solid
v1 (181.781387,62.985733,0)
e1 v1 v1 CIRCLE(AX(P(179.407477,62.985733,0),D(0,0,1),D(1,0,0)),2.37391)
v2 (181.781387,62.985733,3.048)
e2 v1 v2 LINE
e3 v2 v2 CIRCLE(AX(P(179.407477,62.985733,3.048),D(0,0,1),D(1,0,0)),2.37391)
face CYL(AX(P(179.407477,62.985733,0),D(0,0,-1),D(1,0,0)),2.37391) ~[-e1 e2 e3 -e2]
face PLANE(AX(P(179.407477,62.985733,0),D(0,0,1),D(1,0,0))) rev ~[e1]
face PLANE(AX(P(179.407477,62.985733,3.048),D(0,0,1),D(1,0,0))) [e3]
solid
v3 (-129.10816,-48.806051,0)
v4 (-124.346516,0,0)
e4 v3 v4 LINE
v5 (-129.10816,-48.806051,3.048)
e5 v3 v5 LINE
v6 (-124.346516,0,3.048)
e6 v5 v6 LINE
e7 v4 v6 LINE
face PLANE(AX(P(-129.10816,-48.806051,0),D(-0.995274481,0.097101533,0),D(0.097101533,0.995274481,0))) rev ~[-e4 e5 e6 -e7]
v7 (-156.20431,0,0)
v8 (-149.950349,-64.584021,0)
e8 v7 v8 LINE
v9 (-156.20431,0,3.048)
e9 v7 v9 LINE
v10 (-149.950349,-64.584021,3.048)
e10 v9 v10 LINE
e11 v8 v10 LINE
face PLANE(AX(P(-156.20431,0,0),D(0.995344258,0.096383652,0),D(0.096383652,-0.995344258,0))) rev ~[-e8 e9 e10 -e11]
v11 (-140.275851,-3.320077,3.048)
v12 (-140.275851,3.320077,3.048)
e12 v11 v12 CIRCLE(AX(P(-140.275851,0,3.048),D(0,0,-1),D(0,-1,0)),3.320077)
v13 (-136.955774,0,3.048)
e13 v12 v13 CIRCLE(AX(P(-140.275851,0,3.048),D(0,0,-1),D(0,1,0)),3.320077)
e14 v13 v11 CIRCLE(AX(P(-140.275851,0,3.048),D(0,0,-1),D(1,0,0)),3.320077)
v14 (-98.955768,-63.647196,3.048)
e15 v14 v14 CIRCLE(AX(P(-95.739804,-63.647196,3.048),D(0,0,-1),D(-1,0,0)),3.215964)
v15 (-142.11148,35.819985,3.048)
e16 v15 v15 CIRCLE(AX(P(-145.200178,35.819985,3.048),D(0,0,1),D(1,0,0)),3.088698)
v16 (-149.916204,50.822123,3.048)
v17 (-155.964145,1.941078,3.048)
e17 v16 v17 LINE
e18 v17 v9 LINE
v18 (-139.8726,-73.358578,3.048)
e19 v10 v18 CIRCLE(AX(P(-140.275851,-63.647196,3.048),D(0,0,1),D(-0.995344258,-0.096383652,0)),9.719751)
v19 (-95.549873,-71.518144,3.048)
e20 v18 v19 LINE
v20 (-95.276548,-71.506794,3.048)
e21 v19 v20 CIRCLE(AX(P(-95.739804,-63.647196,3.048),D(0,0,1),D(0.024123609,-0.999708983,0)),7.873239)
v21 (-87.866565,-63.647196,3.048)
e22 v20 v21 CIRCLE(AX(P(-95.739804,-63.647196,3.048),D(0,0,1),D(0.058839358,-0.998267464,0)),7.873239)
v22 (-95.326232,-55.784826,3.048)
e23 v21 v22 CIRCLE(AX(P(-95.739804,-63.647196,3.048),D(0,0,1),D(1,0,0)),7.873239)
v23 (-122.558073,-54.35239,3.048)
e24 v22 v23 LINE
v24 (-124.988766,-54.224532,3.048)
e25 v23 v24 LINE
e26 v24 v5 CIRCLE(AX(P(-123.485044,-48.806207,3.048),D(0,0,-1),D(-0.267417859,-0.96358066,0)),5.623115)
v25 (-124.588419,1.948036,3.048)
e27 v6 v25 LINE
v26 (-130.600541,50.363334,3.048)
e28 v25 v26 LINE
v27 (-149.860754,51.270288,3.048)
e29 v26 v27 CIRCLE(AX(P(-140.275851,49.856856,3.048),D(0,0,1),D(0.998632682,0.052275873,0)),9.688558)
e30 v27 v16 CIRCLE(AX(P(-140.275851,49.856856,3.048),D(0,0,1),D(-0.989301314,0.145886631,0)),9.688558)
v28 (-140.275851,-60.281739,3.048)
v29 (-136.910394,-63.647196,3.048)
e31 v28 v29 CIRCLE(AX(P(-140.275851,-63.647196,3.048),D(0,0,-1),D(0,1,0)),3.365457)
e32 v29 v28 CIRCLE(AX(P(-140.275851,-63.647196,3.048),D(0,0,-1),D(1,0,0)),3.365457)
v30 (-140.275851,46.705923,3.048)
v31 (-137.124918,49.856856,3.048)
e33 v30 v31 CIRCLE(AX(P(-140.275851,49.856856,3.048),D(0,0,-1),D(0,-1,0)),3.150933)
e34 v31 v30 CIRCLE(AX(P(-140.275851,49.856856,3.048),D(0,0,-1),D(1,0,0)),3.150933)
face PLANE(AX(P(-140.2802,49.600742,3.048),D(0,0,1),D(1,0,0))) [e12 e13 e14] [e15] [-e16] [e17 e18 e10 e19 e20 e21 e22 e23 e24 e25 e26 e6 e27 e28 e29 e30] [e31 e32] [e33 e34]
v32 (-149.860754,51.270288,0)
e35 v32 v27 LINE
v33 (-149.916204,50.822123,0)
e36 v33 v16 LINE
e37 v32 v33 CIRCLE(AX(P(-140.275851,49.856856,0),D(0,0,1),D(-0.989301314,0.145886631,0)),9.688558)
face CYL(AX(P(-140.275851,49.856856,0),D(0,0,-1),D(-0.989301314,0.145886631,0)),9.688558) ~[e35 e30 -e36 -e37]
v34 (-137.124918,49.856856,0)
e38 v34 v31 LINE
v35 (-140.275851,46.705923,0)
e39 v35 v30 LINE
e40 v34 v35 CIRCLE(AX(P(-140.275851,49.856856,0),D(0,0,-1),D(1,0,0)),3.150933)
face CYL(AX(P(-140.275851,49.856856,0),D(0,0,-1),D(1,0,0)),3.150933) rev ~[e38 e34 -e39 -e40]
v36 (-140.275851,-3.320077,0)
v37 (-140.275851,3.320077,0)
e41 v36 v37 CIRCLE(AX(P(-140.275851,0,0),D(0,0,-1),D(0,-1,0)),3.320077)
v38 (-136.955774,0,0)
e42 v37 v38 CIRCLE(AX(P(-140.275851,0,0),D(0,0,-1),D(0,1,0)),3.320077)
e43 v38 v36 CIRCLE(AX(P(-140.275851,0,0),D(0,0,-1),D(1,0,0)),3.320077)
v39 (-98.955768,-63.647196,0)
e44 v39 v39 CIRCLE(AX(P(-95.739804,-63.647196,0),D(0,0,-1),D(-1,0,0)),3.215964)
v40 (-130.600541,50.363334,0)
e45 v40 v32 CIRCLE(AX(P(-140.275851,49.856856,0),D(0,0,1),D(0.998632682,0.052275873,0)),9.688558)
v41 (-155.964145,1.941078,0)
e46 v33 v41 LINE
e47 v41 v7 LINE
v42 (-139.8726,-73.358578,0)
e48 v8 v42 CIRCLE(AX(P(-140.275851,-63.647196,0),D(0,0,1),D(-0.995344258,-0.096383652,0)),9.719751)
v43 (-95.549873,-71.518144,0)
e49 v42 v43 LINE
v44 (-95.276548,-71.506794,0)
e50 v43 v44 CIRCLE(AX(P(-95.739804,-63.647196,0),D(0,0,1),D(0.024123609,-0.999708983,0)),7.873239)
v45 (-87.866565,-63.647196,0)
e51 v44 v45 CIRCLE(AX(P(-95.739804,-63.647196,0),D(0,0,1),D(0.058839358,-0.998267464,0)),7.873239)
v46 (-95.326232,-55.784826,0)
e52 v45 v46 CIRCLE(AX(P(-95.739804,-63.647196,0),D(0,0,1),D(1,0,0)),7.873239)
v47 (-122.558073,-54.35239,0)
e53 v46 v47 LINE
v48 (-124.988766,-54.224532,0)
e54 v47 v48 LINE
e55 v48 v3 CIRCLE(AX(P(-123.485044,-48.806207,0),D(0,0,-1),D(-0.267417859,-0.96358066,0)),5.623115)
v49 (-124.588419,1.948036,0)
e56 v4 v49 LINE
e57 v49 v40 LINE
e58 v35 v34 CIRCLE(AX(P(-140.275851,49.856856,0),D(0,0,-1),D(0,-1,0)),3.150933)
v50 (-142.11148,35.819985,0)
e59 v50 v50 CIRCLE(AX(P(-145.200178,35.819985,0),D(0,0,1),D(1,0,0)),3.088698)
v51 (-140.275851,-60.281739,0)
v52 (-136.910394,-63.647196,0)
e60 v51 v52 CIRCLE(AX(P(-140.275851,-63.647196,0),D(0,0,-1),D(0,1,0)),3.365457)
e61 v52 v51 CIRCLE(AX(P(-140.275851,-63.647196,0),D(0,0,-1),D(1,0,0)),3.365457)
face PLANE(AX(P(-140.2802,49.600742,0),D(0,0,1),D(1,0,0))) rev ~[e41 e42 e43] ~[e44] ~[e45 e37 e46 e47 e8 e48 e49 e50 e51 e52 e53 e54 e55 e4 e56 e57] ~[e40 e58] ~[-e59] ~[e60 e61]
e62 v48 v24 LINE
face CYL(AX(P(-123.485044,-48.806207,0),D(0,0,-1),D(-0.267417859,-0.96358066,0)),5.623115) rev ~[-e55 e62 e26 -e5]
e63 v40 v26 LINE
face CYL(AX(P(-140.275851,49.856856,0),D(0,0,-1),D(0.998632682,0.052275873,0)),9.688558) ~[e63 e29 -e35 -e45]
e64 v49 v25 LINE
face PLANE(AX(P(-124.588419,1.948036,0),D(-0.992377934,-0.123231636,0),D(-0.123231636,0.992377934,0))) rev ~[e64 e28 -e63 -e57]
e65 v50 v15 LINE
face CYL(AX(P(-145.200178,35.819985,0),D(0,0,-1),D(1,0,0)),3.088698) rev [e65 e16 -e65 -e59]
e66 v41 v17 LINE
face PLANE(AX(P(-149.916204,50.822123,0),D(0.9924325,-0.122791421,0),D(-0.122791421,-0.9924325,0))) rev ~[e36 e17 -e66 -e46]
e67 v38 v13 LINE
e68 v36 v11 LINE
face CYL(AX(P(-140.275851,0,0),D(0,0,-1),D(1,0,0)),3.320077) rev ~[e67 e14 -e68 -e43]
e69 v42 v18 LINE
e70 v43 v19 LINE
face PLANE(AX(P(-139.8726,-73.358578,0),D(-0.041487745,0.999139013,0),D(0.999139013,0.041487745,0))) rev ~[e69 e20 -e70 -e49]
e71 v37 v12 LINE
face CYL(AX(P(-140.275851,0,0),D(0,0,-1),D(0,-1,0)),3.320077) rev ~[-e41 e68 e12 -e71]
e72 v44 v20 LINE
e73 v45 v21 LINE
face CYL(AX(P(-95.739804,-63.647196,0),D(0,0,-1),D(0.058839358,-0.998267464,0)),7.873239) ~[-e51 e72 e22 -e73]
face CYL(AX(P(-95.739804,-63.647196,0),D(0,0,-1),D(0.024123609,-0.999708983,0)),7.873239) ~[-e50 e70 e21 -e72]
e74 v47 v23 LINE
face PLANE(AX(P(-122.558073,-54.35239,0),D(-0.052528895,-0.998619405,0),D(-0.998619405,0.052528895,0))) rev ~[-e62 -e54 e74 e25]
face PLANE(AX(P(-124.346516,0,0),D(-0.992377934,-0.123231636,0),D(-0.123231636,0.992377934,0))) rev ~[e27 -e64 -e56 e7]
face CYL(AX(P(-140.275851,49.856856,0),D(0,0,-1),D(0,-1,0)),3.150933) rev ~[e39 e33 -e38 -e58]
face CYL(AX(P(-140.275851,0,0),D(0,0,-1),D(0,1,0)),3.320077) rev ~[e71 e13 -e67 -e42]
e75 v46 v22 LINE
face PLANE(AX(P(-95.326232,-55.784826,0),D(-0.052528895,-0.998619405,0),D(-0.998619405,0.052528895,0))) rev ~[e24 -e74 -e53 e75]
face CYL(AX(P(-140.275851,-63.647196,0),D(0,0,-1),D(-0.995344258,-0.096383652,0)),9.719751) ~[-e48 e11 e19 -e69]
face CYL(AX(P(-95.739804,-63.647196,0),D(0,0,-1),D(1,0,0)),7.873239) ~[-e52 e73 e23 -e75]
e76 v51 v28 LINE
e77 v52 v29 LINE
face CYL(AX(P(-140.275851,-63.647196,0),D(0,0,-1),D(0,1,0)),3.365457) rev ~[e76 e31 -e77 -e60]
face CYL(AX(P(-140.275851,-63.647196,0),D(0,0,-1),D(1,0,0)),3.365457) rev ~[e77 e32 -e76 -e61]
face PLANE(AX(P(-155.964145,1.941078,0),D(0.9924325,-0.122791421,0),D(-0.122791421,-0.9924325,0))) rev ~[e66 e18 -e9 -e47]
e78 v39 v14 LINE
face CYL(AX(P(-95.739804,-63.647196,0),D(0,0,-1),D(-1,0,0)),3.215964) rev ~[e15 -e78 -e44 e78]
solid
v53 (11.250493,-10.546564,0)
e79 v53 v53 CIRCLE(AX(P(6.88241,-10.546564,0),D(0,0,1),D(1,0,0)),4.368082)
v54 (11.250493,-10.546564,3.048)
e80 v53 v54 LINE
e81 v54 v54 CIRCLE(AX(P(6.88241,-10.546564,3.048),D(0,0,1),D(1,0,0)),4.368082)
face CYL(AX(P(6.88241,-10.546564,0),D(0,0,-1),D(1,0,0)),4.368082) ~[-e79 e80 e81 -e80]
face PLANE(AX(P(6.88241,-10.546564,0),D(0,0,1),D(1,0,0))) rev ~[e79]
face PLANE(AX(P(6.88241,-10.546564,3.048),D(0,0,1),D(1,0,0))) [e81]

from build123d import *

# Parameters (mm, degrees)
F0_R     = 3.0886982289
F1_DEPTH = 3.048
F0_R_2   = 2.3739096922
F0_R_3   = 4.3680824595


with BuildPart() as f1:
    # F0 (on Top) → F1 (new body)
    with BuildSketch(Plane.XY):
        with BuildLine():
            ThreePointArc((-140.2758508921, 40.1682988362), (-133.4250060926, 43.0060116659), (-130.587293263, 49.8568564653))
            ThreePointArc((-130.587293263, 49.8568564653), (-130.5906056645, 50.1101819761), (-130.6005406042, 50.363334269))
            ThreePointArc((-130.6005406042, 50.363334269), (-139.8201268297, 59.5346901337), (-149.8607536893, 51.2702875036))
            Line((-149.8607536893, 51.2702875036), (-149.9162041011, 50.8221227176))
            ThreePointArc((-149.9162041011, 50.8221227176), (-147.4598674095, 43.3562368326), (-140.2758508921, 40.1682988362))
        make_face()
        with BuildLine():
            ThreePointArc((-137.1249175173, 49.8568564653), (-138.0478045357, 47.628810109), (-140.2758508921, 46.7059230906))
            ThreePointArc((-140.2758508921, 46.7059230906), (-142.5038972484, 52.0849028217), (-137.1249175173, 49.8568564653))
        make_face(mode=Mode.SUBTRACT)
        with BuildLine():
            ThreePointArc((-130.6005406042, 50.363334269), (-130.5906056645, 50.1101819761), (-130.587293263, 49.8568564653))
            ThreePointArc((-130.587293263, 49.8568564653), (-133.4250060926, 43.0060116659), (-140.2758508921, 40.1682988362))
            Line((-140.2758508921, 40.1682988362), (-140.2758508921, 15.8079204882))
            ThreePointArc((-140.2758508921, 15.8079204882), (-129.8093341247, 11.8466187969), (-124.5884194722, 1.9480363467))
            Line((-124.5884194722, 1.9480363467), (-130.6005406042, 50.363334269))
        make_face()
        with BuildLine():
            Line((-140.2758508921, 15.8079204882), (-140.2758508921, 40.1682988362))
            ThreePointArc((-140.2758508921, 40.1682988362), (-147.4598674095, 43.3562368326), (-149.9162041011, 50.8221227176))
            Line((-149.9162041011, 50.8221227176), (-155.9641448625, 1.9410776537))
            ThreePointArc((-155.9641448625, 1.9410776537), (-150.7449948148, 11.8442971799), (-140.2758508921, 15.8079204882))
        make_face()
        with Locations((-145.2001780272, 35.8199849725)):
            Circle(F0_R, mode=Mode.SUBTRACT)
        with BuildLine():
            Line((-149.9162041011, 50.8221227176), (-149.8607536893, 51.2702875036))
            ThreePointArc((-149.8607536893, 51.2702875036), (-149.891090361, 51.0465282213), (-149.9162041011, 50.8221227176))
        make_face()
        with BuildLine():
            Line((-124.3465159626, 0), (-124.5884194722, 1.9480363467))
            ThreePointArc((-124.5884194722, 1.9480363467), (-124.498081425, 0.9758795038), (-124.4679304039, 0))
            ThreePointArc((-124.4679304039, 0), (-129.0979631184, -11.1778877737), (-140.2758508921, -15.8079204882))
            Line((-140.2758508921, -15.8079204882), (-140.2758508921, -53.9274445312))
            ThreePointArc((-140.2758508921, -53.9274445312), (-133.4029489314, -56.7742937362), (-130.5560997264, -63.6471956968))
            Line((-130.5560997264, -63.6471956968), (-103.61304343, -63.6471956968))
            ThreePointArc((-103.61304343, -63.6471956968), (-101.1588327279, -57.9356262325), (-95.3262316546, -55.784826233))
            Line((-95.3262316546, -55.784826233), (-122.5580726915, -54.3523901093))
            ThreePointArc((-122.5580726915, -54.3523901093), (-123.7804203944, -54.4215588639), (-124.9887658024, -54.2245319666))
            ThreePointArc((-124.9887658024, -54.2245319666), (-127.961419377, -52.2093659514), (-129.1081595947, -48.8060513587))
            ThreePointArc((-129.1081595947, -48.8060513587), (-129.0815874585, -48.2601937732), (-129.0021522356, -47.7194936462))
            Line((-129.0021522356, -47.7194936462), (-124.3465159626, 0))
        make_face()
        with BuildLine():
            ThreePointArc((-124.4679304039, 0), (-124.498081425, 0.9758795038), (-124.5884194722, 1.9480363467))
            ThreePointArc((-124.5884194722, 1.9480363467), (-129.8093341247, 11.8466187969), (-140.2758508921, 15.8079204882))
            Line((-140.2758508921, 15.8079204882), (-140.2758508921, 3.3200765481))
            ThreePointArc((-140.2758508921, 3.3200765481), (-137.9282022508, 2.3476486413), (-136.9557743439, 0))
            ThreePointArc((-136.9557743439, 0), (-137.9282022508, -2.3476486413), (-140.2758508921, -3.3200765481))
            Line((-140.2758508921, -3.3200765481), (-140.2758508921, -15.8079204882))
            ThreePointArc((-140.2758508921, -15.8079204882), (-129.0979631184, -11.1778877737), (-124.4679304039, 0))
        make_face()
        with BuildLine():
            Line((-140.2758508921, 3.3200765481), (-140.2758508921, 15.8079204882))
            ThreePointArc((-140.2758508921, 15.8079204882), (-150.7449948148, 11.8442971799), (-155.9641448625, 1.9410776537))
            ThreePointArc((-155.9641448625, 1.9410776537), (-152.120148072, -10.4691439228), (-140.2758508921, -15.8079204882))
            Line((-140.2758508921, -15.8079204882), (-140.2758508921, -3.3200765481))
            ThreePointArc((-140.2758508921, -3.3200765481), (-143.5959274402, 0), (-140.2758508921, 3.3200765481))
        make_face()
        with BuildLine():
            ThreePointArc((-140.2758508921, -15.8079204882), (-152.120148072, -10.4691439228), (-155.9641448625, 1.9410776537))
            Line((-155.9641448625, 1.9410776537), (-156.204309995, 0))
            Line((-156.204309995, 0), (-149.9503494028, -64.5840208074))
            ThreePointArc((-149.9503494028, -64.5840208074), (-147.4723524617, -57.1139018966), (-140.2758508921, -53.9274445312))
            Line((-140.2758508921, -53.9274445312), (-140.2758508921, -15.8079204882))
        make_face()
        with BuildLine():
            Line((-129.1081595947, -48.8060513587), (-129.0021522356, -47.7194936462))
            ThreePointArc((-129.0021522356, -47.7194936462), (-129.0815874585, -48.2601937732), (-129.1081595947, -48.8060513587))
        make_face()
        with BuildLine():
            ThreePointArc((-130.5560997264, -63.6471956968), (-133.4029489314, -56.7742937362), (-140.2758508921, -53.9274445312))
            ThreePointArc((-140.2758508921, -53.9274445312), (-147.4723524617, -57.1139018966), (-149.9503494028, -64.5840208074))
            ThreePointArc((-149.9503494028, -64.5840208074), (-146.6584228149, -70.9777030716), (-139.8726003304, -73.3585782815))
            ThreePointArc((-139.8726003304, -73.3585782815), (-133.2618271596, -70.3760168271), (-130.5560997264, -63.6471956968))
        make_face()
        with BuildLine():
            ThreePointArc((-140.2758508921, -60.2817385712), (-137.8961133368, -61.2674581415), (-136.9103937665, -63.6471956968))
            ThreePointArc((-136.9103937665, -63.6471956968), (-142.6555884474, -66.0269332521), (-140.2758508921, -60.2817385712))
        make_face(mode=Mode.SUBTRACT)
        with BuildLine():
            Line((-103.61304343, -63.6471956968), (-130.5560997264, -63.6471956968))
            ThreePointArc((-130.5560997264, -63.6471956968), (-133.2618271596, -70.3760168271), (-139.8726003304, -73.3585782815))
            Line((-139.8726003304, -73.3585782815), (-95.5498732555, -71.518143675))
            ThreePointArc((-95.5498732555, -71.518143675), (-101.2394643803, -69.2811671056), (-103.61304343, -63.6471956968))
        make_face()
        with BuildLine():
            Line((-122.5580726915, -54.3523901093), (-124.9887658024, -54.2245319666))
            ThreePointArc((-124.9887658024, -54.2245319666), (-123.7804203944, -54.4215588639), (-122.5580726915, -54.3523901093))
        make_face()
        with BuildLine():
            ThreePointArc((-95.3262316546, -55.784826233), (-101.1588327279, -57.9356262325), (-103.61304343, -63.6471956968))
            ThreePointArc((-103.61304343, -63.6471956968), (-101.2394643803, -69.2811671056), (-95.5498732555, -71.518143675))
            Line((-95.5498732555, -71.518143675), (-95.2765478659, -71.5067942491))
            ThreePointArc((-95.2765478659, -71.5067942491), (-90.0111384017, -69.0481478276), (-87.8665649866, -63.6471956968))
            ThreePointArc((-87.8665649866, -63.6471956968), (-90.0282347439, -58.2281671773), (-95.3262316546, -55.784826233))
        make_face()
        with BuildLine():
            ThreePointArc((-92.5238399909, -63.6471956968), (-95.7398042083, -66.8631599142), (-98.9557684257, -63.6471956968))
            ThreePointArc((-98.9557684257, -63.6471956968), (-95.7398042083, -60.4312314794), (-92.5238399909, -63.6471956968))
        make_face(mode=Mode.SUBTRACT)
        with BuildLine():
            Line((-95.2765478659, -71.5067942491), (-95.5498732555, -71.518143675))
            ThreePointArc((-95.5498732555, -71.518143675), (-95.413161264, -71.5136561607), (-95.2765478659, -71.5067942491))
        make_face()
    extrude(amount=F1_DEPTH)


with BuildPart() as f1b:
    # F0 (on Top) → F1, piece 2 (new body)
    with BuildSketch(Plane.XY):
        with Locations((179.4074773788, 62.9857331514)):
            Circle(F0_R_2)
    extrude(amount=F1_DEPTH)


with BuildPart() as f1c:
    # F0 (on Top) → F1, piece 3 (new body)
    with BuildSketch(Plane.XY):
        with Locations((6.8824104965, -10.5465641245)):
            Circle(F0_R_3)
    extrude(amount=F1_DEPTH)


solid = Compound([f1.part, f1b.part, f1c.part])
